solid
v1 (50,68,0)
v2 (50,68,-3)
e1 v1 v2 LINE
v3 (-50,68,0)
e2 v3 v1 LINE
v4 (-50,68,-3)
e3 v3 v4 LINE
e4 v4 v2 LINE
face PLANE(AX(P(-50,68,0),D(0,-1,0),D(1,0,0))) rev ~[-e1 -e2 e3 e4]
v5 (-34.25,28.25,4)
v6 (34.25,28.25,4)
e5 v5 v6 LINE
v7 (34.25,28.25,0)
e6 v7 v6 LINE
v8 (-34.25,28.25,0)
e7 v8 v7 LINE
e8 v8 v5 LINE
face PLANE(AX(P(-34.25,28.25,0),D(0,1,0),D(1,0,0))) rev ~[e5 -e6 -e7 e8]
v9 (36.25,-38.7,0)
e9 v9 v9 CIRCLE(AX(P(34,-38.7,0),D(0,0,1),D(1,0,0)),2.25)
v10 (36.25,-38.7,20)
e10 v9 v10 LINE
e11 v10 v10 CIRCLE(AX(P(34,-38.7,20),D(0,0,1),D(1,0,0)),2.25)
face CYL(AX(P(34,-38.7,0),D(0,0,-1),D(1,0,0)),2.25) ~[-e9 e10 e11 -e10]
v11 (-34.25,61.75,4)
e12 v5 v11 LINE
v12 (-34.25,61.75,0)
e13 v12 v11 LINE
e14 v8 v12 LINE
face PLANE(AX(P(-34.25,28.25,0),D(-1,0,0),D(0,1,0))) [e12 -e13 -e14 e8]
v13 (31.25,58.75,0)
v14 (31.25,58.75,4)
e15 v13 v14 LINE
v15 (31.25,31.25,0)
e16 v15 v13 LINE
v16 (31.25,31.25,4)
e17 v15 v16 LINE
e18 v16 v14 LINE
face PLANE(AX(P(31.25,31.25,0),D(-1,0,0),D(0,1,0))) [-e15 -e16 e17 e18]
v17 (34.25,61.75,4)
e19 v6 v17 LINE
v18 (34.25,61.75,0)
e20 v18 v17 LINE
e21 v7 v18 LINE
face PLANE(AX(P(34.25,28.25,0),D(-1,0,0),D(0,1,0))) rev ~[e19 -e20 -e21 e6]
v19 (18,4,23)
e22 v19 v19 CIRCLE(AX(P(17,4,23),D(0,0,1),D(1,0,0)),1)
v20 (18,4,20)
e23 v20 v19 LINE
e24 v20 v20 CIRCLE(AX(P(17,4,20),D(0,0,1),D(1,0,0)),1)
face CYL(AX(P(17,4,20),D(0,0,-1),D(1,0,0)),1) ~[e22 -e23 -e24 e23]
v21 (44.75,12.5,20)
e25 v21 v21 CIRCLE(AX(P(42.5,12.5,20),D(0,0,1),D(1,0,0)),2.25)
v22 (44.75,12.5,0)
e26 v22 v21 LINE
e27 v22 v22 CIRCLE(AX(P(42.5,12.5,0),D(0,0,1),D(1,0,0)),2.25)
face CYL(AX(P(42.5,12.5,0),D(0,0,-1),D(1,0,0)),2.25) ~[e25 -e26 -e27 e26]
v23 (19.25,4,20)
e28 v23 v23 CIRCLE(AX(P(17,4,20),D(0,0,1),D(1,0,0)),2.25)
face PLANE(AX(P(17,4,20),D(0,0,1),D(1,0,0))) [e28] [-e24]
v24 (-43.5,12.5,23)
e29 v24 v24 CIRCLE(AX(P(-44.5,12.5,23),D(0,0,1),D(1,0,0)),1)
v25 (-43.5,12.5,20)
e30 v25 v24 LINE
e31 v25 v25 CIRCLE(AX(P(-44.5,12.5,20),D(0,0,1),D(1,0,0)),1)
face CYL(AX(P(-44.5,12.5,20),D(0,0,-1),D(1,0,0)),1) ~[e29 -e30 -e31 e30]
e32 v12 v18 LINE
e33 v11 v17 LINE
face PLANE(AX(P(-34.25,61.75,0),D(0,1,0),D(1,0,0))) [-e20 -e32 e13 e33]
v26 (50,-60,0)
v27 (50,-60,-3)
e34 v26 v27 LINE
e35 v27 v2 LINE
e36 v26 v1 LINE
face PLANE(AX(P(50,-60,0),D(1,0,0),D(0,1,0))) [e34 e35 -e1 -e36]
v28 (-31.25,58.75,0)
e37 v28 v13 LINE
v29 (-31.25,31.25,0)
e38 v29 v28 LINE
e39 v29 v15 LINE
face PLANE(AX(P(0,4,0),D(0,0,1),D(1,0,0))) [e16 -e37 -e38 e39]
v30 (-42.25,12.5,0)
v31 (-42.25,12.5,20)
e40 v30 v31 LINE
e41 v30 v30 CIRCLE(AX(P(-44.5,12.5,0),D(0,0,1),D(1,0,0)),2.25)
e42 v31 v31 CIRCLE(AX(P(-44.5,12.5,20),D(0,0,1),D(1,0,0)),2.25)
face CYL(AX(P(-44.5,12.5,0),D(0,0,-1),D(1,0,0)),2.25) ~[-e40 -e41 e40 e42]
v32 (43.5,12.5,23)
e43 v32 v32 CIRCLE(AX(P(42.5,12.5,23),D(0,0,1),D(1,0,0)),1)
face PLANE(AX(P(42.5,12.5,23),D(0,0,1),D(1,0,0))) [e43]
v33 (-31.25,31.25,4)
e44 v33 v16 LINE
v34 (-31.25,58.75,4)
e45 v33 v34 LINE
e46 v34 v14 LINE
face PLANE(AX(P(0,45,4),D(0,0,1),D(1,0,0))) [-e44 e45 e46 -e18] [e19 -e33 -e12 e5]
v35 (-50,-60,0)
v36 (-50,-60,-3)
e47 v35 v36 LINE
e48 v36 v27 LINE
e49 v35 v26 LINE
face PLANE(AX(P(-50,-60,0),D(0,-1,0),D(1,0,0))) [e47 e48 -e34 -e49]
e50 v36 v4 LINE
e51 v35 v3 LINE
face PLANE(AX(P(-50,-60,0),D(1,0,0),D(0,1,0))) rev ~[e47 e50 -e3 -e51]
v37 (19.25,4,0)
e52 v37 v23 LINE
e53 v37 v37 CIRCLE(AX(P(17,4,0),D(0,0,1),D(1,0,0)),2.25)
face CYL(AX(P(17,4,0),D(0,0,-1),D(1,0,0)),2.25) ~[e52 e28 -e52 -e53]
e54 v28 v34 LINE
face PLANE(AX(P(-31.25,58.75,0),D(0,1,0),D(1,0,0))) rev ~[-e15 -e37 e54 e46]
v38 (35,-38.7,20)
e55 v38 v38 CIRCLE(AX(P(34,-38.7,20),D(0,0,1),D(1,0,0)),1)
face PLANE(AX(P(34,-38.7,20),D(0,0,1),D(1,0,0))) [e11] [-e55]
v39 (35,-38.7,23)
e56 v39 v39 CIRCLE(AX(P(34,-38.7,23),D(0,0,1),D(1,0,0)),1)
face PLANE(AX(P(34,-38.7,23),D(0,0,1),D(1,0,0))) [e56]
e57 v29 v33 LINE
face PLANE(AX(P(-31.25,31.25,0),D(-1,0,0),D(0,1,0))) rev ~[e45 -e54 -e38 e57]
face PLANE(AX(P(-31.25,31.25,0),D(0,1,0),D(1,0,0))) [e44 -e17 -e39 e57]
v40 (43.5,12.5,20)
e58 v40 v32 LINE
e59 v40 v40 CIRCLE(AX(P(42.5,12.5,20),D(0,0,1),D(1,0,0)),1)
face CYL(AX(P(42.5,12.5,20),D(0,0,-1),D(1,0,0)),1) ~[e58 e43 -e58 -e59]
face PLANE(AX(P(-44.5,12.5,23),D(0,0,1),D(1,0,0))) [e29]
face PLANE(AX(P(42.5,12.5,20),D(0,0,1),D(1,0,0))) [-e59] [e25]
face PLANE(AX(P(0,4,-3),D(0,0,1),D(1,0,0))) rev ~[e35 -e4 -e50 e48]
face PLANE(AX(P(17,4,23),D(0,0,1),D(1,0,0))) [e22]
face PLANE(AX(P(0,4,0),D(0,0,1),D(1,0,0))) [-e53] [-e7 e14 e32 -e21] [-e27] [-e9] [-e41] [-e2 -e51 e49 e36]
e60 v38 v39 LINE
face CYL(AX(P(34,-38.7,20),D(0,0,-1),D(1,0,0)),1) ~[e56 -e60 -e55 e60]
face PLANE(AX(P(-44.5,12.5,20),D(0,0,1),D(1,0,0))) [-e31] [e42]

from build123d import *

# Parameters (mm, degrees)
F0_W      = 100
F0_H      = 128
F0_R      = 2.25
F0_W_2    = 68.5
F0_H_2    = 33.5
F0_W_3    = 62.5
F0_H_3    = 27.5
F1_DEPTH  = 3
F2_DEPTH  = 20
F3_DEPTH  = 4
F4_R      = 1
F5_DEPTH  = 3
F6_R      = 1
F7_DEPTH  = 3
F8_R      = 1
F9_DEPTH  = 3
F10_R     = 1
F11_DEPTH = 3


with BuildPart() as f1:
    # F0 (on Top) → F1 (new body)
    with BuildSketch(Plane.XY):
        with Locations((0, 4)):
            Rectangle(F0_W, F0_H)
        with Locations((34, -38.7)):
            Circle(F0_R, mode=Mode.SUBTRACT)
        with Locations((-44.5, 12.5)):
            Circle(F0_R, mode=Mode.SUBTRACT)
        with Locations((17, 4)):
            Circle(F0_R, mode=Mode.SUBTRACT)
        with Locations((42.5, 12.5)):
            Circle(F0_R, mode=Mode.SUBTRACT)
        with Locations((0, 45)):
            Rectangle(F0_W_2, F0_H_2, mode=Mode.SUBTRACT)
        with Locations((0, 45)):
            Rectangle(F0_W_2, F0_H_2)
        with Locations((0, 45)):
            Rectangle(F0_W_3, F0_H_3, mode=Mode.SUBTRACT)
        with Locations((-44.5, 12.5)):
            Circle(F0_R)
        with Locations((17, 4)):
            Circle(F0_R)
        with Locations((42.5, 12.5)):
            Circle(F0_R)
        with Locations((0, 45)):
            Rectangle(F0_W_3, F0_H_3)
        with Locations((34, -38.7)):
            Circle(F0_R)
    extrude(amount=-F1_DEPTH)

    # F0 (on Top) → F2 (join)
    with BuildSketch(Plane.XY):
        with Locations((-44.5, 12.5)):
            Circle(F0_R)
        with Locations((17, 4)):
            Circle(F0_R)
        with Locations((42.5, 12.5)):
            Circle(F0_R)
        with Locations((34, -38.7)):
            Circle(F0_R)
    extrude(amount=F2_DEPTH)

    # F0 (on Top) → F3 (join)
    with BuildSketch(Plane.XY):
        with Locations((0, 45)):
            Rectangle(F0_W_2, F0_H_2)
        with Locations((0, 45)):
            Rectangle(F0_W_3, F0_H_3, mode=Mode.SUBTRACT)
    extrude(amount=F3_DEPTH)

    # F4 (on face) → F5 (join)
    with BuildSketch(Plane.XY.offset(20)):
        with Locations((-44.5, 12.5)):
            Circle(F4_R)
    extrude(amount=F5_DEPTH)

    # F6 (on face) → F7 (join)
    with BuildSketch(Plane.XY.offset(20)):
        with Locations((17, 4)):
            Circle(F6_R)
    extrude(amount=F7_DEPTH)

    # F8 (on face) → F9 (join)
    with BuildSketch(Plane.XY.offset(20)):
        with Locations((42.5, 12.5)):
            Circle(F8_R)
    extrude(amount=F9_DEPTH)

    # F10 (on face) → F11 (join)
    with BuildSketch(Plane.XY.offset(20)):
        with Locations((34, -38.7)):
            Circle(F10_R)
    extrude(amount=F11_DEPTH)


solid = f1.part
